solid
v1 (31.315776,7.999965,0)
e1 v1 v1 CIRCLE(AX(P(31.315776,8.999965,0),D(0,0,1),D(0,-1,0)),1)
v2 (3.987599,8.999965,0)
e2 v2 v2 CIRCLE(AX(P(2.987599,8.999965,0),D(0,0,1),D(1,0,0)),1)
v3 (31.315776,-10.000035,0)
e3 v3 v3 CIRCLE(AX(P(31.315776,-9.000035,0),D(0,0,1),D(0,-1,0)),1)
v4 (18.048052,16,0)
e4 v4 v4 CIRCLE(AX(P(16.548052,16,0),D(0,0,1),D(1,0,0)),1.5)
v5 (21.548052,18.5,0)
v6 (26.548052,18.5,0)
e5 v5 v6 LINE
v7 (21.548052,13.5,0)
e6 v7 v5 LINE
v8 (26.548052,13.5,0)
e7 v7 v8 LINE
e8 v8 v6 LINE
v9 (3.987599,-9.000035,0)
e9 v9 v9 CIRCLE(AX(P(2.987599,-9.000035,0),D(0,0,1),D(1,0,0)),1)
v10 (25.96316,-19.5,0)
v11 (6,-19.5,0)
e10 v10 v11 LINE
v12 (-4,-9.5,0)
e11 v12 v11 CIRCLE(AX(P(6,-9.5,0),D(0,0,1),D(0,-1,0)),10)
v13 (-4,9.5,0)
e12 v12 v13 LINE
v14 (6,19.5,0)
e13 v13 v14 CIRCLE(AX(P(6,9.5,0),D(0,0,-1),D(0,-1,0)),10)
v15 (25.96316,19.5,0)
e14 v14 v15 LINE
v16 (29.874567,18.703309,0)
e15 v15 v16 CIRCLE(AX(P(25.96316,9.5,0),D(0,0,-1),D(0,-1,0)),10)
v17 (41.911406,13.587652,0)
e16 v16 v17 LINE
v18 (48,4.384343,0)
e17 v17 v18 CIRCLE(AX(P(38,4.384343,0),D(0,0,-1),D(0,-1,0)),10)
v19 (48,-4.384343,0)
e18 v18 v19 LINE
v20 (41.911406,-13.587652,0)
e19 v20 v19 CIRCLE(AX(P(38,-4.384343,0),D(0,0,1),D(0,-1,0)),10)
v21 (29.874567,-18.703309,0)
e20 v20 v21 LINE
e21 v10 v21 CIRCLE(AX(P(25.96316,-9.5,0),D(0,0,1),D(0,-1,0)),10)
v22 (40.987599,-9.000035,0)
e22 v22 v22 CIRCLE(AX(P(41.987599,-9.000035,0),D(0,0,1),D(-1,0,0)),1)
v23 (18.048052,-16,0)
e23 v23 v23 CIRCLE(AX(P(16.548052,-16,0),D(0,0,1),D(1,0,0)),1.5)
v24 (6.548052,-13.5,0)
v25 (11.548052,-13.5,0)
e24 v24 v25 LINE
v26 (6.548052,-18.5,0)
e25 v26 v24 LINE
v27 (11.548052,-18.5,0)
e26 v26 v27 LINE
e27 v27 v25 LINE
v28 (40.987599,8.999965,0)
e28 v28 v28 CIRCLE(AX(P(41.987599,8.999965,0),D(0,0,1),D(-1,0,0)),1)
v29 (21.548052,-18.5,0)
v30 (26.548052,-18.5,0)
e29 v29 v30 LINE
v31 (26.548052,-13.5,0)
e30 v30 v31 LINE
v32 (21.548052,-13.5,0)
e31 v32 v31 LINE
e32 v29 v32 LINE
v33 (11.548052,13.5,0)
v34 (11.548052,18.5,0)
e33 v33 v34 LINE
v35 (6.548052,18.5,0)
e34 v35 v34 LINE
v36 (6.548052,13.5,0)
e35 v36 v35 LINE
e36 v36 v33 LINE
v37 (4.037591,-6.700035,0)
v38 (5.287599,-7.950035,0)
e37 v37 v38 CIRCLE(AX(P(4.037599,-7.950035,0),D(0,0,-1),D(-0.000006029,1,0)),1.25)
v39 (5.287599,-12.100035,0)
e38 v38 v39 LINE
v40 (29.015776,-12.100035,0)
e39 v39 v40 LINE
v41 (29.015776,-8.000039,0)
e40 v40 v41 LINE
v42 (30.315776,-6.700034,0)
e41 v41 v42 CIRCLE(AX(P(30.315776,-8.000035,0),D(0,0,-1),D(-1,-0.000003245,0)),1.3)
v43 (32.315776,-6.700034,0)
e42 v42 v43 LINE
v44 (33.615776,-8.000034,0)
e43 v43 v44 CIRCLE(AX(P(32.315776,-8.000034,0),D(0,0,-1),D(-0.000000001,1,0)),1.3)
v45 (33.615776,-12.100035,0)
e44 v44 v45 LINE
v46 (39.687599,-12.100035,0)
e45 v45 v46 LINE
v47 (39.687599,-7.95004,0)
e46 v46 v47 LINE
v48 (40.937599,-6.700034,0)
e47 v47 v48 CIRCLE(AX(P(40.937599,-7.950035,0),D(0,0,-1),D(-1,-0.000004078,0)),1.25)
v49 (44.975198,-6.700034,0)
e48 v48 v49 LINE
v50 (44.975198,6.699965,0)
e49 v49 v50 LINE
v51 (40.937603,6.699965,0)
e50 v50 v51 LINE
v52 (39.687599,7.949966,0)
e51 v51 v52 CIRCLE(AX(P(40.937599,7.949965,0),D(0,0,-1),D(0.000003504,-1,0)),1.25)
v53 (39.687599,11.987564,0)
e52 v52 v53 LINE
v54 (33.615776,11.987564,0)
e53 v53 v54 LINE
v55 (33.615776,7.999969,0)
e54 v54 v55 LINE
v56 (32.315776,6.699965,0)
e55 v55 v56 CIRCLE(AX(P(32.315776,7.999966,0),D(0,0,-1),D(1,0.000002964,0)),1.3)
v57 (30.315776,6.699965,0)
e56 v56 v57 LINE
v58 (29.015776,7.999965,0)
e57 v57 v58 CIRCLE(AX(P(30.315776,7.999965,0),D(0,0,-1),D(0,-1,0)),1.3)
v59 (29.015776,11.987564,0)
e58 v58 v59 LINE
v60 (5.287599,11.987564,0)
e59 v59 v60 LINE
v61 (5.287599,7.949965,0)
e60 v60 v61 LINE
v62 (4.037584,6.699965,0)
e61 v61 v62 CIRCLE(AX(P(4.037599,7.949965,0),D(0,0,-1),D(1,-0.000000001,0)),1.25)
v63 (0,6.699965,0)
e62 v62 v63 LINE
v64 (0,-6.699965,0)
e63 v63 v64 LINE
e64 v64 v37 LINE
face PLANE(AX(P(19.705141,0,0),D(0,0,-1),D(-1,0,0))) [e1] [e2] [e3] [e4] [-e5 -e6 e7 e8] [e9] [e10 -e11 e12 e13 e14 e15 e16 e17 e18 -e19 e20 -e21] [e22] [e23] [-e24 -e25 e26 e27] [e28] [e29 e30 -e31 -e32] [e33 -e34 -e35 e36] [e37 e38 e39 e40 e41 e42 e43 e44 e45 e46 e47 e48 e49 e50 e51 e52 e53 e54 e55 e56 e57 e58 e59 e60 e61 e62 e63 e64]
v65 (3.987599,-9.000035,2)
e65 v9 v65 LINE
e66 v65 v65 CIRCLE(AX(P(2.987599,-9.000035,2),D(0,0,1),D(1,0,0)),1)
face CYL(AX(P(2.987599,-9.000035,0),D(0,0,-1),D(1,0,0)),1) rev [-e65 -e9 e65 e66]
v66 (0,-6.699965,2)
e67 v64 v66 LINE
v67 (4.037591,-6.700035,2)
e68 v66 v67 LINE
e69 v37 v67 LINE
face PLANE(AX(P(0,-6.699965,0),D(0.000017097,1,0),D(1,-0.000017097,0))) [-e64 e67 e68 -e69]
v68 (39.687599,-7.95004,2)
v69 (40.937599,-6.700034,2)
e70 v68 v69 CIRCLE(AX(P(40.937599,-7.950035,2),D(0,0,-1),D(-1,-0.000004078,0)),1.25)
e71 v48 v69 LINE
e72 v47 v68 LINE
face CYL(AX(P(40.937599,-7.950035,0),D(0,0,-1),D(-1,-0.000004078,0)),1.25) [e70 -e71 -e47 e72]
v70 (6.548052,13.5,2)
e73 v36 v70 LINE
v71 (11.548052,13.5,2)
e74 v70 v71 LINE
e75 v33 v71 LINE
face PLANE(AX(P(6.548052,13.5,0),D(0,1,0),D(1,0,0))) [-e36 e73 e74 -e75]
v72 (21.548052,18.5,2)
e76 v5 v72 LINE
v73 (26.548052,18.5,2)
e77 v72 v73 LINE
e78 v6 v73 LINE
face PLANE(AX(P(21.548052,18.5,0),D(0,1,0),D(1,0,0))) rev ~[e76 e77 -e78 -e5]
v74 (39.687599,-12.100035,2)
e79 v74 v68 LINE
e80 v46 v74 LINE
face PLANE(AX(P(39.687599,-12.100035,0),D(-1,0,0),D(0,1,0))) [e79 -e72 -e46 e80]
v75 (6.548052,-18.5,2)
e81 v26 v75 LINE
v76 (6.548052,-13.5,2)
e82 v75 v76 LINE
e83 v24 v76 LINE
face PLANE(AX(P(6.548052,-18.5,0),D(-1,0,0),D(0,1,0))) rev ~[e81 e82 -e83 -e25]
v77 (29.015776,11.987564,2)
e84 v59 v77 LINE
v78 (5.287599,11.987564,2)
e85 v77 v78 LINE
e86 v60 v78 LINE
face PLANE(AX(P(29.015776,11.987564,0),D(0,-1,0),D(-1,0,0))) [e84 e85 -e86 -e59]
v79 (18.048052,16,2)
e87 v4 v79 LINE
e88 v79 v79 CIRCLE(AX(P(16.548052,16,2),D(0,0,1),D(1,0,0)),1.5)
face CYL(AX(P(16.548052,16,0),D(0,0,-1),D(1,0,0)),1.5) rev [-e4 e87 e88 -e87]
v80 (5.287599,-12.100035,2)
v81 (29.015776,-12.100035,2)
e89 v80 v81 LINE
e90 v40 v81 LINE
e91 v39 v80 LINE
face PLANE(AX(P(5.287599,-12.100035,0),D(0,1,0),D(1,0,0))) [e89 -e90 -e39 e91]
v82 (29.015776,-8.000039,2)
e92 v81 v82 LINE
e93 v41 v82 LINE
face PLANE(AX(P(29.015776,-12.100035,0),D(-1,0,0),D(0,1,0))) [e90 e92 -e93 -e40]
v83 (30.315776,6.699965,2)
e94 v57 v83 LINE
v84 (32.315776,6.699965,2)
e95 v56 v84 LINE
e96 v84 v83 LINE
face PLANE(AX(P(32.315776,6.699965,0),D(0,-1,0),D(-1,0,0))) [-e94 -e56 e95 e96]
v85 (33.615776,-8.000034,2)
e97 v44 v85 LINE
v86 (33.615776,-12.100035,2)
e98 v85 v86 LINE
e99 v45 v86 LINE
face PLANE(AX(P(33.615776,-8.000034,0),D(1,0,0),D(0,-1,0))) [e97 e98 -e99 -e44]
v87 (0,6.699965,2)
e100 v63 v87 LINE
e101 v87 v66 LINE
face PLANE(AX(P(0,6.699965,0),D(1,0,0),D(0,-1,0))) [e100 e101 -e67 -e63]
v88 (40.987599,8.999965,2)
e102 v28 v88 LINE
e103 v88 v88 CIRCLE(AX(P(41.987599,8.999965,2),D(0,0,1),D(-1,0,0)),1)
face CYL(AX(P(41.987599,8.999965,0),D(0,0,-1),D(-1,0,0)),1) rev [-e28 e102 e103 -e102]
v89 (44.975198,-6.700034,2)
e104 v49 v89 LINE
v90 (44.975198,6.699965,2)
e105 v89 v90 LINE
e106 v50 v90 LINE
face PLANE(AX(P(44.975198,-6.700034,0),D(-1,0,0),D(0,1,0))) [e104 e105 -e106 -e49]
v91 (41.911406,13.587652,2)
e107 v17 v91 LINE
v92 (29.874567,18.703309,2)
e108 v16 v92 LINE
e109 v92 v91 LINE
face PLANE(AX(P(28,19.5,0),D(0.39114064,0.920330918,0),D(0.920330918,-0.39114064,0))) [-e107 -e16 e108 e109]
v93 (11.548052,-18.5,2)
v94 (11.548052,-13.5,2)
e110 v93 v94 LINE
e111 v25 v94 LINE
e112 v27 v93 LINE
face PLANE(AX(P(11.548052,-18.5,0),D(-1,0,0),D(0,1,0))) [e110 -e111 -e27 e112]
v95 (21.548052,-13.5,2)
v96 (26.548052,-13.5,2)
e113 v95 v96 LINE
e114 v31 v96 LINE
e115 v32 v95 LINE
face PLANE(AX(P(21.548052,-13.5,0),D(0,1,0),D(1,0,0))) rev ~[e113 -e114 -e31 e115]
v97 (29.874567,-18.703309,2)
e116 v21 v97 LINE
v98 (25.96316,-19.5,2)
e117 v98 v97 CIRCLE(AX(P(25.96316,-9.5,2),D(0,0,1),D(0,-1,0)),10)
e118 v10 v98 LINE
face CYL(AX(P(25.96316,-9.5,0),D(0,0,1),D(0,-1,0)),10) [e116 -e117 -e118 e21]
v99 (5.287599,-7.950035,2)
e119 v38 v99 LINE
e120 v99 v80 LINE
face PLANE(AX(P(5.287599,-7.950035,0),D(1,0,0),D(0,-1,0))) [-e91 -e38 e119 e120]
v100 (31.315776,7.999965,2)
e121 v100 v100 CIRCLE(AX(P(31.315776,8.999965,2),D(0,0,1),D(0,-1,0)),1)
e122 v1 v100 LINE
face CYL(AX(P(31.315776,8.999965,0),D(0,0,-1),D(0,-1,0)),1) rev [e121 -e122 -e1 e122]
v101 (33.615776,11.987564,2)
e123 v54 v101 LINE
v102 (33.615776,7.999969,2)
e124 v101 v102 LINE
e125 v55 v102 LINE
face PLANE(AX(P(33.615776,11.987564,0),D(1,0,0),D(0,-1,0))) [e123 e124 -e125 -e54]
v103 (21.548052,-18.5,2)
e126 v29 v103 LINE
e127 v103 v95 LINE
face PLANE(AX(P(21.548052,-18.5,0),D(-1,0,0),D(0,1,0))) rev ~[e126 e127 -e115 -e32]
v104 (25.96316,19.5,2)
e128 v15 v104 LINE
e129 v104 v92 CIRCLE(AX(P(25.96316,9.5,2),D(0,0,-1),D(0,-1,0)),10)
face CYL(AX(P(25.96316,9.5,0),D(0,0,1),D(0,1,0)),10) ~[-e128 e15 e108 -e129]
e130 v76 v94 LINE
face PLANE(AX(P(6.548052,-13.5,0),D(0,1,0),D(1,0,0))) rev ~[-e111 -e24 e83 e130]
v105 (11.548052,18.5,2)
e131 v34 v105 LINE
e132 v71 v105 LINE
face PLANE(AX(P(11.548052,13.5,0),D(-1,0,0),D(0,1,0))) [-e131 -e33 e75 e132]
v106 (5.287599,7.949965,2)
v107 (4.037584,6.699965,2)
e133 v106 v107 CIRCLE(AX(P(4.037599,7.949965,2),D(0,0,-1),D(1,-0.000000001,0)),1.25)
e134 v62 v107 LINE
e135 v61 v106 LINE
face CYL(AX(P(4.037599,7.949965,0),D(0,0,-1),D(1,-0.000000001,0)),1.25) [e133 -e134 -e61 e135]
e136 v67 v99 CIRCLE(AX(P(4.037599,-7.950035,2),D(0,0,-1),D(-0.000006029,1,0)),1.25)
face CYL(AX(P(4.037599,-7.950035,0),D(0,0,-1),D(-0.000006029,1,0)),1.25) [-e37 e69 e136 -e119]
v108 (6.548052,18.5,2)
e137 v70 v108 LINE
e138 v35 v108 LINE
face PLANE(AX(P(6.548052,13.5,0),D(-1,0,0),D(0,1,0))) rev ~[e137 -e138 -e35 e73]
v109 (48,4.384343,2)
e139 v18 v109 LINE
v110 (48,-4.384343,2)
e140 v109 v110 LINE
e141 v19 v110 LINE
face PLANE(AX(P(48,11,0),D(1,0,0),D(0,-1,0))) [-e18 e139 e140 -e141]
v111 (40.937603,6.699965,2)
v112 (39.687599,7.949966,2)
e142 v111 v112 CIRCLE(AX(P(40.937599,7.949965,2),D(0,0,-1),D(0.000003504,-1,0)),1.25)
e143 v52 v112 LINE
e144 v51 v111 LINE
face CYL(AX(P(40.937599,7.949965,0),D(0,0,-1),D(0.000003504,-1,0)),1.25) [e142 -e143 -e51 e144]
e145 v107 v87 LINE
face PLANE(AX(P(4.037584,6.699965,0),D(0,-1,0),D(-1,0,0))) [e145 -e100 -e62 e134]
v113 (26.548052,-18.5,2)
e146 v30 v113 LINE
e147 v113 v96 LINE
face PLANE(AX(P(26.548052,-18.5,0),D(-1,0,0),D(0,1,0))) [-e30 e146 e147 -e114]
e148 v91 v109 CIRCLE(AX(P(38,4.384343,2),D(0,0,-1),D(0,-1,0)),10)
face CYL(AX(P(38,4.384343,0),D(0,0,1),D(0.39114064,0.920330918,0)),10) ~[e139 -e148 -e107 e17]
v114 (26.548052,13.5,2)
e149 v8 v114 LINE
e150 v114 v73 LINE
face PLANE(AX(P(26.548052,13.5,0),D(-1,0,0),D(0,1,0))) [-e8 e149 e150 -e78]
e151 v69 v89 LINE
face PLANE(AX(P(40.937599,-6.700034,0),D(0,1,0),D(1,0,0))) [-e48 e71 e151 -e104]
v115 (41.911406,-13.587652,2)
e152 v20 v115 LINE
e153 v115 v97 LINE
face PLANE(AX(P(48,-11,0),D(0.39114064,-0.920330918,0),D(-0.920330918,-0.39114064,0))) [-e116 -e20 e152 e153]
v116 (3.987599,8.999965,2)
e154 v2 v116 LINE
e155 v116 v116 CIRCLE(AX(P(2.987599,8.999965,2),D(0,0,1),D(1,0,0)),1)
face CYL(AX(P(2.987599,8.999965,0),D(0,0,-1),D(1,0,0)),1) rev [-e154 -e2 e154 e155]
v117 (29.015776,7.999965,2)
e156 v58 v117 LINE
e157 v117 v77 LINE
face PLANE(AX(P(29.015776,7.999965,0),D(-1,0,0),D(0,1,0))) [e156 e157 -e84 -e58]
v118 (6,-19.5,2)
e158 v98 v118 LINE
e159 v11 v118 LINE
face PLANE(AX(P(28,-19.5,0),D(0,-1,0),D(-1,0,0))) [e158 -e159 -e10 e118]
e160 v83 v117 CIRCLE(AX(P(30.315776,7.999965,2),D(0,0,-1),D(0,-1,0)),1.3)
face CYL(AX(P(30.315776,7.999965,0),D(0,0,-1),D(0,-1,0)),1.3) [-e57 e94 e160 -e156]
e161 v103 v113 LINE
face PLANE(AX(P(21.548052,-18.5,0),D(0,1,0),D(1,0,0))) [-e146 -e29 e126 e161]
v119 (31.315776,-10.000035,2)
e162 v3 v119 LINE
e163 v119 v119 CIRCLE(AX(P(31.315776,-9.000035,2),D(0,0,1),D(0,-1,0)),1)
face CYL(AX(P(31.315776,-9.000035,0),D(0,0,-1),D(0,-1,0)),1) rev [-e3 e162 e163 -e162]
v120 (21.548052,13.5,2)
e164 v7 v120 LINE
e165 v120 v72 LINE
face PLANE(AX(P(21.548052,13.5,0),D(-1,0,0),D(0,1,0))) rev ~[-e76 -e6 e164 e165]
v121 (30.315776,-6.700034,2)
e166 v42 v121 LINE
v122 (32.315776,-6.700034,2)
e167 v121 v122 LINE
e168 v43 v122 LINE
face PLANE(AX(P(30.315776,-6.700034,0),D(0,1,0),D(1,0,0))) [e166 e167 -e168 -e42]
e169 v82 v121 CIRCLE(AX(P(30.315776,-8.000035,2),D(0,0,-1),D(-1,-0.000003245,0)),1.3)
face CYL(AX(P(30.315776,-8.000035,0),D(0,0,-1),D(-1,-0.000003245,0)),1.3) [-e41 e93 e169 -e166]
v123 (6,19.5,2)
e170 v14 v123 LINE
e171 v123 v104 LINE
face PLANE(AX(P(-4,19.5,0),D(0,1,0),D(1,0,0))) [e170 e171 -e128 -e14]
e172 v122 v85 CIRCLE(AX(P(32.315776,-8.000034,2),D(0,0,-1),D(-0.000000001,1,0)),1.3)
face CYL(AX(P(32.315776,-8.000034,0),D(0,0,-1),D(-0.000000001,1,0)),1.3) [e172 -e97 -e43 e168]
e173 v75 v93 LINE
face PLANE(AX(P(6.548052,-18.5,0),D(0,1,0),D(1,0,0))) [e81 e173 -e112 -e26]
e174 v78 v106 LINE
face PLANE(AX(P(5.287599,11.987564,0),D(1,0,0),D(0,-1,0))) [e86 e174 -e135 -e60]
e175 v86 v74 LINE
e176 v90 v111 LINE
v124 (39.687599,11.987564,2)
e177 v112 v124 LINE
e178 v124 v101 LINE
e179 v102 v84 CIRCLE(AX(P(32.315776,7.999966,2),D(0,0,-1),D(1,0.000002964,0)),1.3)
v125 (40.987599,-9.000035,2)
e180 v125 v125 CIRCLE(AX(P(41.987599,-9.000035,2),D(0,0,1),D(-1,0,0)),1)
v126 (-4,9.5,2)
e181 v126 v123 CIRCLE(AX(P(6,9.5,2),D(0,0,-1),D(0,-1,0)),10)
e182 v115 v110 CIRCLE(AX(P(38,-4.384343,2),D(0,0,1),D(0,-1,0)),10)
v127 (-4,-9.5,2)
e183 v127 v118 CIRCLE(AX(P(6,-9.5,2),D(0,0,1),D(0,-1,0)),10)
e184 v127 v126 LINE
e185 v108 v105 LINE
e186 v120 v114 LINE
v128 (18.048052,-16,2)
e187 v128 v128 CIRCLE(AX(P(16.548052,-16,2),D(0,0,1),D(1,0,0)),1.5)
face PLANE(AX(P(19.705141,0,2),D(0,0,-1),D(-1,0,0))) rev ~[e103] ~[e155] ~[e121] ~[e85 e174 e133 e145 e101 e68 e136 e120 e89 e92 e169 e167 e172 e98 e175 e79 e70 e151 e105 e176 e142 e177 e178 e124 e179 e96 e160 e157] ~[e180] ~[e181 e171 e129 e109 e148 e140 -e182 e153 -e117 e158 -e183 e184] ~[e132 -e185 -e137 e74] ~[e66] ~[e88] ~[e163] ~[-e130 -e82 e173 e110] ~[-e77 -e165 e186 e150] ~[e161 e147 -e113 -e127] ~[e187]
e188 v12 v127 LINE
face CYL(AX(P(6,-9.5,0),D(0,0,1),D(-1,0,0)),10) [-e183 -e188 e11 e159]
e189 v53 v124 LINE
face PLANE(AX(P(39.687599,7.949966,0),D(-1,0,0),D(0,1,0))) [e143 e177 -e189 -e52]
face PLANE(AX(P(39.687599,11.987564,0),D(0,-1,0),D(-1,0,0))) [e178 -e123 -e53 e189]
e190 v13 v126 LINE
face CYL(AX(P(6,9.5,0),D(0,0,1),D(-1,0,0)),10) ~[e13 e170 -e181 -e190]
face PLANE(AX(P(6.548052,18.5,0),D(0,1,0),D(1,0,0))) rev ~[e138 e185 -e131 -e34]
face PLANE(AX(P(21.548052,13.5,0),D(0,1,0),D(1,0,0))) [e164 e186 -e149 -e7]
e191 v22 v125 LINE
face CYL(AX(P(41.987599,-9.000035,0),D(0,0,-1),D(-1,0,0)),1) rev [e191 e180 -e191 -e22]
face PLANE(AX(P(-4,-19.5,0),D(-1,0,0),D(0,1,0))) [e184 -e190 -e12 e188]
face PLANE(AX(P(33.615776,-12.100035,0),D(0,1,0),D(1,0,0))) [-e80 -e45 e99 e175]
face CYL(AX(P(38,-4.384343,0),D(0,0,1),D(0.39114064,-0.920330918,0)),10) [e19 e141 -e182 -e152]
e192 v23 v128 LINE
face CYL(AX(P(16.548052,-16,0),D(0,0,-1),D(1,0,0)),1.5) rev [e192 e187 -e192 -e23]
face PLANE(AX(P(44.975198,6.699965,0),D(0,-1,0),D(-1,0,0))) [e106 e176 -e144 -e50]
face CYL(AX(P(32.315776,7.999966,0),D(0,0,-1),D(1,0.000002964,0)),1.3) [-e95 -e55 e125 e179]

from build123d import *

# Parameters (mm, degrees)
ESQUISSE1_R        = 1.5
ESQUISSE1_W        = 5
ESQUISSE1_H        = 5
BOSS_EXTRU_1_DEPTH = 2
FILLET1_R          = 10


with BuildPart() as part:
    # Esquisse1 → Boss.-Extru.1 (new body)
    with BuildSketch(Plane.XY):
        Polygon((-4, -19.5), (-4, 19.5), (28, 19.5), (48, 11), (48, -11), (28, -19.5), align=None)
        with Locations((16.548051812, 15.999999999)):
            Circle(ESQUISSE1_R, mode=Mode.SUBTRACT)
        with Locations((16.548051812, -16.000000001)):
            Circle(ESQUISSE1_R, mode=Mode.SUBTRACT)
        with BuildLine():
            Line((4.03758425, 6.699965485), (0, 6.699965485))
            Line((0, 6.699965485), (0, -6.699965485))
            Line((0, -6.699965485), (4.037591434, -6.700034515))
            ThreePointArc((4.037591434, -6.700034515), (4.921479782, -7.066148374), (5.28759897, -7.950034515))
            Line((5.28759897, -7.950034515), (5.28759897, -12.100034515))
            Line((5.28759897, -12.100034515), (29.015776303, -12.100034515))
            Line((29.015776303, -12.100034515), (29.015776303, -8.000038733))
            ThreePointArc((29.015776303, -8.000038733), (29.396536008, -7.080797161), (30.315776345, -6.700034473))
            Line((30.315776345, -6.700034473), (32.315776344, -6.700034473))
            ThreePointArc((32.315776344, -6.700034473), (33.23501504, -7.080795537), (33.615776345, -8.000034132))
            Line((33.615776345, -8.000034132), (33.615776345, -12.100034515))
            Line((33.615776345, -12.100034515), (39.687598777, -12.100034515))
            Line((39.687598777, -12.100034515), (39.687598777, -7.950039613))
            ThreePointArc((39.687598777, -7.950039613), (40.053713738, -7.066152541), (40.937599481, -6.70003437))
            Line((40.937599481, -6.70003437), (44.975197892, -6.70003437))
            Line((44.975197892, -6.70003437), (44.975197892, 6.699965437))
            Line((44.975197892, 6.699965437), (40.9376034, 6.699965437))
            ThreePointArc((40.9376034, 6.699965437), (40.053716981, 7.066080502), (39.68759897, 7.949965701))
            Line((39.68759897, 7.949965701), (39.68759897, 11.987564455))
            Line((39.68759897, 11.987564455), (33.615776432, 11.987564455))
            Line((33.615776432, 11.987564455), (33.615776432, 7.999969389))
            ThreePointArc((33.615776432, 7.999969389), (33.235016597, 7.080728053), (32.315776389, 6.699965495))
            Line((32.315776389, 6.699965495), (30.31577639, 6.699965495))
            ThreePointArc((30.31577639, 6.699965495), (29.396537621, 7.080726637), (29.015776399, 7.999965373))
            Line((29.015776399, 7.999965373), (29.015776399, 11.987564455))
            Line((29.015776399, 11.987564455), (5.28759897, 11.987564455))
            Line((5.28759897, 11.987564455), (5.28759897, 7.949965485))
            ThreePointArc((5.28759897, 7.949965485), (4.921477242, 7.066076805), (4.03758425, 6.699965485))
        make_face(mode=Mode.SUBTRACT)
        with BuildLine():
            ThreePointArc((31.315776387, 9.999965485), (30.315776387, 8.999965485), (31.315776387, 7.999965485))
            ThreePointArc((31.315776387, 7.999965485), (32.315776387, 8.999965485), (31.315776387, 9.999965485))
        make_face(mode=Mode.SUBTRACT)
        with BuildLine():
            ThreePointArc((42.98759897, 8.999965485), (41.98759897, 9.999965485), (40.98759897, 8.999965485))
            ThreePointArc((40.98759897, 8.999965485), (41.98759897, 7.999965485), (42.98759897, 8.999965485))
        make_face(mode=Mode.SUBTRACT)
        with BuildLine():
            ThreePointArc((42.98759897, -9.000034515), (41.98759897, -8.000034515), (40.98759897, -9.000034515))
            ThreePointArc((40.98759897, -9.000034515), (41.98759897, -10.000034515), (42.98759897, -9.000034515))
        make_face(mode=Mode.SUBTRACT)
        with BuildLine():
            ThreePointArc((31.315776387, -8.000034515), (30.315776387, -9.000034515), (31.315776387, -10.000034515))
            ThreePointArc((31.315776387, -10.000034515), (32.315776387, -9.000034515), (31.315776387, -8.000034515))
        make_face(mode=Mode.SUBTRACT)
        with BuildLine():
            ThreePointArc((1.98759897, -9.000034515), (2.98759897, -10.000034515), (3.98759897, -9.000034515))
            ThreePointArc((3.98759897, -9.000034515), (2.98759897, -8.000034515), (1.98759897, -9.000034515))
        make_face(mode=Mode.SUBTRACT)
        with BuildLine():
            ThreePointArc((1.98759897, 8.999965485), (2.98759897, 7.999965485), (3.98759897, 8.999965485))
            ThreePointArc((3.98759897, 8.999965485), (2.98759897, 9.999965485), (1.98759897, 8.999965485))
        make_face(mode=Mode.SUBTRACT)
        with Locations((9.048051812, 15.999999999)):
            Rectangle(ESQUISSE1_W, ESQUISSE1_H, mode=Mode.SUBTRACT)
        with Locations((24.048051812, 15.999999999)):
            Rectangle(ESQUISSE1_W, ESQUISSE1_H, mode=Mode.SUBTRACT)
        with Locations((9.048051812, -16.000000001)):
            Rectangle(ESQUISSE1_W, ESQUISSE1_H, mode=Mode.SUBTRACT)
        with Locations((24.048051812, -16.000000001)):
            Rectangle(ESQUISSE1_W, ESQUISSE1_H, mode=Mode.SUBTRACT)
    extrude(amount=BOSS_EXTRU_1_DEPTH)

    # Fillet1
    fillet1_edges = [part.edges().sort_by_distance(p)[0] for p in [
        (-4, -19.5, 1),
        (-4, 19.5, 1),
        (28, 19.5, 1),
        (48, 11, 1),
        (48, -11, 1),
        (28, -19.5, 1),
    ]]
    fillet(fillet1_edges, radius=FILLET1_R)


solid = part.part
